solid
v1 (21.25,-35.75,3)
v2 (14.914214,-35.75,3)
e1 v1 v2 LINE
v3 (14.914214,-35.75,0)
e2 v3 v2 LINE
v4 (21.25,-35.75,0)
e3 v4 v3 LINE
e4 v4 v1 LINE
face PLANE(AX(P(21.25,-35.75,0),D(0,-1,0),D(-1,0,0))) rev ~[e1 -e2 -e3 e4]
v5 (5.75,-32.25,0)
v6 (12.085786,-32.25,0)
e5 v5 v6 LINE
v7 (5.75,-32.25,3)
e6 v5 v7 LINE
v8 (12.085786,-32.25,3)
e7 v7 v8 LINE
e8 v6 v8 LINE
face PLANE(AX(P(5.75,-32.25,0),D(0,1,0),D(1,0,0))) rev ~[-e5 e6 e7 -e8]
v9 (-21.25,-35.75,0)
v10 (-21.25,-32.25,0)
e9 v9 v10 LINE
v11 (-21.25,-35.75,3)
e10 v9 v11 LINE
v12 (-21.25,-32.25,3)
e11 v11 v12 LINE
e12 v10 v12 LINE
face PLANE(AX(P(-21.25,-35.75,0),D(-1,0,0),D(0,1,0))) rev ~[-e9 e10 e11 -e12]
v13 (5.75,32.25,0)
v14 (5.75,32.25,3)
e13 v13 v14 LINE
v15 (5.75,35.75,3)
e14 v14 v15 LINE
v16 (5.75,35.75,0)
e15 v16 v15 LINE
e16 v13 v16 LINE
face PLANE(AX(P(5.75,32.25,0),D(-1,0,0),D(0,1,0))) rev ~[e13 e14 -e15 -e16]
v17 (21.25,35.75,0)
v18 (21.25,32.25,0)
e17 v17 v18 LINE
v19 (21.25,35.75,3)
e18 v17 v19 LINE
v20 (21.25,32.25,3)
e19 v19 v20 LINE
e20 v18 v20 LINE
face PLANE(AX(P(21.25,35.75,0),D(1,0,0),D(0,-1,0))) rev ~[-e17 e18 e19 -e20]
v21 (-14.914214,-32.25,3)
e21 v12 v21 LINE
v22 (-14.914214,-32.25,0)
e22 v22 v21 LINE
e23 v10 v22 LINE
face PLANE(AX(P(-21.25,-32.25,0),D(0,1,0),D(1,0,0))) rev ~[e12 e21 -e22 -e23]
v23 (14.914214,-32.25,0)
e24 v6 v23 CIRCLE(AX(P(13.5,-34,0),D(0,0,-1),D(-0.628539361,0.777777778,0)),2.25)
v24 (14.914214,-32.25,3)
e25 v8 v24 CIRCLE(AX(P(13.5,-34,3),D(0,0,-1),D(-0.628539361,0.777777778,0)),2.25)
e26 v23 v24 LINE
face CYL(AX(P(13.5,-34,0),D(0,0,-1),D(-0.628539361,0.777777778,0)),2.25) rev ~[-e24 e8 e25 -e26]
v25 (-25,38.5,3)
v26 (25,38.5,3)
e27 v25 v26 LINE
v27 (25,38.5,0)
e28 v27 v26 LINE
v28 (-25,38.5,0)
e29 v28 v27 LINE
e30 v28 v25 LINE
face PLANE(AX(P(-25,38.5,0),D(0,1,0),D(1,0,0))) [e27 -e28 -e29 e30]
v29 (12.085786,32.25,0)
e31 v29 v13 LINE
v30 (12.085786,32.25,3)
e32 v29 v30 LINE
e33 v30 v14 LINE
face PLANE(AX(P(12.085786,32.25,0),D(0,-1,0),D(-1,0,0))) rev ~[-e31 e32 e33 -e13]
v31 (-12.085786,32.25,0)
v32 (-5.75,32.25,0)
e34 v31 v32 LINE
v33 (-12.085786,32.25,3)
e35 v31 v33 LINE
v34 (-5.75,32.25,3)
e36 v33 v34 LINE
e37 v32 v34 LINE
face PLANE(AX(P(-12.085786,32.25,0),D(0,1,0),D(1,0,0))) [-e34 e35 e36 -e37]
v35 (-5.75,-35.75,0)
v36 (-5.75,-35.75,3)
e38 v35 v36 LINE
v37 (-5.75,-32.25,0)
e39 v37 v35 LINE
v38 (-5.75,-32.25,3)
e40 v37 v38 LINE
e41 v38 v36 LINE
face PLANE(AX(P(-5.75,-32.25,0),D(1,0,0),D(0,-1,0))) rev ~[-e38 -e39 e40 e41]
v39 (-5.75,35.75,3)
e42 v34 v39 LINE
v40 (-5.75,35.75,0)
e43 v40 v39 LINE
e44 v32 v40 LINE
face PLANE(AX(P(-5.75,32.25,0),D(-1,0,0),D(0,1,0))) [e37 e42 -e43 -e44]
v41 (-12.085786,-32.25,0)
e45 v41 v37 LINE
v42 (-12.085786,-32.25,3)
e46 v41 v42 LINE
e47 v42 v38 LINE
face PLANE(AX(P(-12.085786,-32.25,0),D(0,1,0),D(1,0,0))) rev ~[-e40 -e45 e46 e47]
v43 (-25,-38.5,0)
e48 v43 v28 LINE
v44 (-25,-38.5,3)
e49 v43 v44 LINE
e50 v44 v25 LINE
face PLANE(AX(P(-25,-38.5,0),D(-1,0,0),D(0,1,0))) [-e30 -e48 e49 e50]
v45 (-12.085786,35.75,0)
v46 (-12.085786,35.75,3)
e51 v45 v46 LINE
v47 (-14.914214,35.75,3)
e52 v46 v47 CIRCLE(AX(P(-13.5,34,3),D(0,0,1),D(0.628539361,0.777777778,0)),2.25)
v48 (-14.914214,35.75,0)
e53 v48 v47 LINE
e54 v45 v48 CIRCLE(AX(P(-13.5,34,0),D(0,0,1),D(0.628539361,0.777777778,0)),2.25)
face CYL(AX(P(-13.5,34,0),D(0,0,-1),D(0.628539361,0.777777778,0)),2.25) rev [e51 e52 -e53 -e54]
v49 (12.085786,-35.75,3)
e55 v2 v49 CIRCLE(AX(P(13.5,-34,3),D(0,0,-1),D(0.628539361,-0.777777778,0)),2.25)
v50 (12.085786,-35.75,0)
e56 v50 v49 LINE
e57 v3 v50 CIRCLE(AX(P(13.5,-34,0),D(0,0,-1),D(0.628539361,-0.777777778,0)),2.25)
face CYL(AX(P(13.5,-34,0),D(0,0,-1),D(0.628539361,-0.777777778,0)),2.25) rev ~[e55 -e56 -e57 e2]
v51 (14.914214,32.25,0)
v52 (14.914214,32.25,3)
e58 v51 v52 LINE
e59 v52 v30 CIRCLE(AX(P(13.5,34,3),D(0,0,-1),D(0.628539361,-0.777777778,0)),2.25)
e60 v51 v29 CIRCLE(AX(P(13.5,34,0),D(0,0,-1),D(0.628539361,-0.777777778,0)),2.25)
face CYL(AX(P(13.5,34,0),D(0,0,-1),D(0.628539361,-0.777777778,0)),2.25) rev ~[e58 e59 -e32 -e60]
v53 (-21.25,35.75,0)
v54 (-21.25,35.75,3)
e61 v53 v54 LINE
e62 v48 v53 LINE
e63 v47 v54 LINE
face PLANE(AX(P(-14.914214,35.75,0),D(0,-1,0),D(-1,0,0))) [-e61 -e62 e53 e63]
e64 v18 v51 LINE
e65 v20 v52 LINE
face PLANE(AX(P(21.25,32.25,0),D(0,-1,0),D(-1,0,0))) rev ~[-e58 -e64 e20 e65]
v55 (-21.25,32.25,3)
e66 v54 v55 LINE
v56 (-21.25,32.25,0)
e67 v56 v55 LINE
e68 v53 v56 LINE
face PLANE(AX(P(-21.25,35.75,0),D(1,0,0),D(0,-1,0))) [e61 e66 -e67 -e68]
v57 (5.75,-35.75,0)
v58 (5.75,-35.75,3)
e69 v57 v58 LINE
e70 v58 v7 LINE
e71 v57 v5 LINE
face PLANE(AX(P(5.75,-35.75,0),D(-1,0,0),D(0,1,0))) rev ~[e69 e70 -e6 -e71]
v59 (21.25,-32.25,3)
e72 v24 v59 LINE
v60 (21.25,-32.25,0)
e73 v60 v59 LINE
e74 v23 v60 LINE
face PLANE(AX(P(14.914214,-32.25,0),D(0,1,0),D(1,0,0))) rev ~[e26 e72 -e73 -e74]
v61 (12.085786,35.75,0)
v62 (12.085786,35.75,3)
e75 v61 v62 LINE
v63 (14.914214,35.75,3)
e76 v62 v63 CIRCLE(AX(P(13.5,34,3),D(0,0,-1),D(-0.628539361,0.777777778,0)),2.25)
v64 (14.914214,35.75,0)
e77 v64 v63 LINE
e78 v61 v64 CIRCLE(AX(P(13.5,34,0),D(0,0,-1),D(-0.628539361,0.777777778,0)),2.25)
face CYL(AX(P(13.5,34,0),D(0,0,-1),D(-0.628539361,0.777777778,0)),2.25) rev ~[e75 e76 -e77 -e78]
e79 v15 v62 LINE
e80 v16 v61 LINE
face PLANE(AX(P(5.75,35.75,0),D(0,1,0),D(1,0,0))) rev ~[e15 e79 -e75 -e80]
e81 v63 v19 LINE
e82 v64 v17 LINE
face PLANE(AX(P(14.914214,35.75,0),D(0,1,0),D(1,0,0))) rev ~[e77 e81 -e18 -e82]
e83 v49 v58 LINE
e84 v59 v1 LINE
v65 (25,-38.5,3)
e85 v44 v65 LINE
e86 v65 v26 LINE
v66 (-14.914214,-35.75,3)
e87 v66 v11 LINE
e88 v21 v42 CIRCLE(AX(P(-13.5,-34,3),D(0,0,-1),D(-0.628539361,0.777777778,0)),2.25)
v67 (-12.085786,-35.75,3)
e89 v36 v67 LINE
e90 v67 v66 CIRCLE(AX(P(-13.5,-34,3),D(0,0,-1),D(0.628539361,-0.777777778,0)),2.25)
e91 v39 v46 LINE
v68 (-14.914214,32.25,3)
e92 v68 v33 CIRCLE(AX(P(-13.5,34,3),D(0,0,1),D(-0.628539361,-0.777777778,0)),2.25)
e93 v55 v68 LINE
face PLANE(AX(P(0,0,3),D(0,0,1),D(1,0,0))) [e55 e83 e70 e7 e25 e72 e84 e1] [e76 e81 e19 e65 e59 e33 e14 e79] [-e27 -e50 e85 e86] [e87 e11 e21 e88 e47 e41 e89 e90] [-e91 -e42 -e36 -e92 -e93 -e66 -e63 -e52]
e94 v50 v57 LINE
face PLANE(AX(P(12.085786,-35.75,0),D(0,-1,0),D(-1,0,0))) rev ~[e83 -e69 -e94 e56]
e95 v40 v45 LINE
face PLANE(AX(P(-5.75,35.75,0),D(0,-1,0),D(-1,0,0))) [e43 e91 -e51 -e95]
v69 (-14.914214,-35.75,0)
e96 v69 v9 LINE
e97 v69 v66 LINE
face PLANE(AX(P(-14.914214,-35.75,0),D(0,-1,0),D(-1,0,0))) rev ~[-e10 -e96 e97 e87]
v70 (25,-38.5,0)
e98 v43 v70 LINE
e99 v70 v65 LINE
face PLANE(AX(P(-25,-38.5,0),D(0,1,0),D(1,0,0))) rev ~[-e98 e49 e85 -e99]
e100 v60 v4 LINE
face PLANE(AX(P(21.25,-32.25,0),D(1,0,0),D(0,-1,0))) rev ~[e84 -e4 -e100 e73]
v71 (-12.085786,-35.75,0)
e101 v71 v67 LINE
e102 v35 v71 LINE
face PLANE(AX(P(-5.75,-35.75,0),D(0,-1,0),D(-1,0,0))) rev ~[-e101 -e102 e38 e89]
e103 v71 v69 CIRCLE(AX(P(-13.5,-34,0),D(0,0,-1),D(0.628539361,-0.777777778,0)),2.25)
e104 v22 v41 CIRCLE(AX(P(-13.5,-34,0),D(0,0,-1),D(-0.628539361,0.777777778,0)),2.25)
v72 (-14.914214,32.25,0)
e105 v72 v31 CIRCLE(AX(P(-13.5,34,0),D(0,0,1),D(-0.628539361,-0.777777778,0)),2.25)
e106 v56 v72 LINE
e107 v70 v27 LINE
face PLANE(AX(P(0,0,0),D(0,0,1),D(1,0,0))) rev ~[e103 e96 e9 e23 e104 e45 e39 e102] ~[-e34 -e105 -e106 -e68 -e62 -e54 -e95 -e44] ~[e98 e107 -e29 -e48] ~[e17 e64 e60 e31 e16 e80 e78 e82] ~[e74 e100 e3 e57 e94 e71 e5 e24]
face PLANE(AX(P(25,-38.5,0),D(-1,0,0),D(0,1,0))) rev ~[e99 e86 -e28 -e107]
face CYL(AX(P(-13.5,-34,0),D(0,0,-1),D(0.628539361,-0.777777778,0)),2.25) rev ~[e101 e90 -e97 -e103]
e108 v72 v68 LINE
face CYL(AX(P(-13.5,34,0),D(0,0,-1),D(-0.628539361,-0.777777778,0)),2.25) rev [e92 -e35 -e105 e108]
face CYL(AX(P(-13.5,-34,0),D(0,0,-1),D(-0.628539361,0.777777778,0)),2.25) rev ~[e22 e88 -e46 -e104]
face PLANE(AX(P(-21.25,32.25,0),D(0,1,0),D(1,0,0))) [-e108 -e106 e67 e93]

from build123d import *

# Parameters (mm, degrees)
SKETCH_1_W      = 50
SKETCH_1_H      = 77
EXTRUDE_1_DEPTH = 3


with BuildPart() as part:
    # 草图1 → 凸台-拉伸1 (new body)
    with BuildSketch(Plane.XY):
        Rectangle(SKETCH_1_W, SKETCH_1_H)
        with BuildLine():
            Line((-12.085786438, 32.25), (-5.75, 32.25))
            Line((-5.75, 32.25), (-5.75, 35.75))
            Line((-5.75, 35.75), (-12.085786438, 35.75))
            ThreePointArc((-12.085786438, 35.75), (-13.5, 36.25), (-14.914213562, 35.75))
            Line((-14.914213562, 35.75), (-21.25, 35.75))
            Line((-21.25, 35.75), (-21.25, 32.25))
            Line((-21.25, 32.25), (-14.914213562, 32.25))
            ThreePointArc((-14.914213562, 32.25), (-13.5, 31.75), (-12.085786438, 32.25))
        make_face(mode=Mode.SUBTRACT)
        with BuildLine():
            Line((21.25, 35.75), (21.25, 32.25))
            Line((21.25, 32.25), (14.914213562, 32.25))
            ThreePointArc((14.914213562, 32.25), (13.5, 31.75), (12.085786438, 32.25))
            Line((12.085786438, 32.25), (5.75, 32.25))
            Line((5.75, 32.25), (5.75, 35.75))
            Line((5.75, 35.75), (12.085786438, 35.75))
            ThreePointArc((12.085786438, 35.75), (13.5, 36.25), (14.914213562, 35.75))
            Line((14.914213562, 35.75), (21.25, 35.75))
        make_face(mode=Mode.SUBTRACT)
        with BuildLine():
            Line((21.25, -35.75), (14.914213562, -35.75))
            ThreePointArc((14.914213562, -35.75), (13.5, -36.25), (12.085786438, -35.75))
            Line((12.085786438, -35.75), (5.75, -35.75))
            Line((5.75, -35.75), (5.75, -32.25))
            Line((5.75, -32.25), (12.085786438, -32.25))
            ThreePointArc((12.085786438, -32.25), (13.5, -31.75), (14.914213562, -32.25))
            Line((14.914213562, -32.25), (21.25, -32.25))
            Line((21.25, -32.25), (21.25, -35.75))
        make_face(mode=Mode.SUBTRACT)
        with BuildLine():
            Line((-21.25, -35.75), (-21.25, -32.25))
            Line((-21.25, -32.25), (-14.914213562, -32.25))
            ThreePointArc((-14.914213562, -32.25), (-13.5, -31.75), (-12.085786438, -32.25))
            Line((-12.085786438, -32.25), (-5.75, -32.25))
            Line((-5.75, -32.25), (-5.75, -35.75))
            Line((-5.75, -35.75), (-12.085786438, -35.75))
            ThreePointArc((-12.085786438, -35.75), (-13.5, -36.25), (-14.914213562, -35.75))
            Line((-14.914213562, -35.75), (-21.25, -35.75))
        make_face(mode=Mode.SUBTRACT)
    extrude(amount=EXTRUDE_1_DEPTH)


solid = part.part
